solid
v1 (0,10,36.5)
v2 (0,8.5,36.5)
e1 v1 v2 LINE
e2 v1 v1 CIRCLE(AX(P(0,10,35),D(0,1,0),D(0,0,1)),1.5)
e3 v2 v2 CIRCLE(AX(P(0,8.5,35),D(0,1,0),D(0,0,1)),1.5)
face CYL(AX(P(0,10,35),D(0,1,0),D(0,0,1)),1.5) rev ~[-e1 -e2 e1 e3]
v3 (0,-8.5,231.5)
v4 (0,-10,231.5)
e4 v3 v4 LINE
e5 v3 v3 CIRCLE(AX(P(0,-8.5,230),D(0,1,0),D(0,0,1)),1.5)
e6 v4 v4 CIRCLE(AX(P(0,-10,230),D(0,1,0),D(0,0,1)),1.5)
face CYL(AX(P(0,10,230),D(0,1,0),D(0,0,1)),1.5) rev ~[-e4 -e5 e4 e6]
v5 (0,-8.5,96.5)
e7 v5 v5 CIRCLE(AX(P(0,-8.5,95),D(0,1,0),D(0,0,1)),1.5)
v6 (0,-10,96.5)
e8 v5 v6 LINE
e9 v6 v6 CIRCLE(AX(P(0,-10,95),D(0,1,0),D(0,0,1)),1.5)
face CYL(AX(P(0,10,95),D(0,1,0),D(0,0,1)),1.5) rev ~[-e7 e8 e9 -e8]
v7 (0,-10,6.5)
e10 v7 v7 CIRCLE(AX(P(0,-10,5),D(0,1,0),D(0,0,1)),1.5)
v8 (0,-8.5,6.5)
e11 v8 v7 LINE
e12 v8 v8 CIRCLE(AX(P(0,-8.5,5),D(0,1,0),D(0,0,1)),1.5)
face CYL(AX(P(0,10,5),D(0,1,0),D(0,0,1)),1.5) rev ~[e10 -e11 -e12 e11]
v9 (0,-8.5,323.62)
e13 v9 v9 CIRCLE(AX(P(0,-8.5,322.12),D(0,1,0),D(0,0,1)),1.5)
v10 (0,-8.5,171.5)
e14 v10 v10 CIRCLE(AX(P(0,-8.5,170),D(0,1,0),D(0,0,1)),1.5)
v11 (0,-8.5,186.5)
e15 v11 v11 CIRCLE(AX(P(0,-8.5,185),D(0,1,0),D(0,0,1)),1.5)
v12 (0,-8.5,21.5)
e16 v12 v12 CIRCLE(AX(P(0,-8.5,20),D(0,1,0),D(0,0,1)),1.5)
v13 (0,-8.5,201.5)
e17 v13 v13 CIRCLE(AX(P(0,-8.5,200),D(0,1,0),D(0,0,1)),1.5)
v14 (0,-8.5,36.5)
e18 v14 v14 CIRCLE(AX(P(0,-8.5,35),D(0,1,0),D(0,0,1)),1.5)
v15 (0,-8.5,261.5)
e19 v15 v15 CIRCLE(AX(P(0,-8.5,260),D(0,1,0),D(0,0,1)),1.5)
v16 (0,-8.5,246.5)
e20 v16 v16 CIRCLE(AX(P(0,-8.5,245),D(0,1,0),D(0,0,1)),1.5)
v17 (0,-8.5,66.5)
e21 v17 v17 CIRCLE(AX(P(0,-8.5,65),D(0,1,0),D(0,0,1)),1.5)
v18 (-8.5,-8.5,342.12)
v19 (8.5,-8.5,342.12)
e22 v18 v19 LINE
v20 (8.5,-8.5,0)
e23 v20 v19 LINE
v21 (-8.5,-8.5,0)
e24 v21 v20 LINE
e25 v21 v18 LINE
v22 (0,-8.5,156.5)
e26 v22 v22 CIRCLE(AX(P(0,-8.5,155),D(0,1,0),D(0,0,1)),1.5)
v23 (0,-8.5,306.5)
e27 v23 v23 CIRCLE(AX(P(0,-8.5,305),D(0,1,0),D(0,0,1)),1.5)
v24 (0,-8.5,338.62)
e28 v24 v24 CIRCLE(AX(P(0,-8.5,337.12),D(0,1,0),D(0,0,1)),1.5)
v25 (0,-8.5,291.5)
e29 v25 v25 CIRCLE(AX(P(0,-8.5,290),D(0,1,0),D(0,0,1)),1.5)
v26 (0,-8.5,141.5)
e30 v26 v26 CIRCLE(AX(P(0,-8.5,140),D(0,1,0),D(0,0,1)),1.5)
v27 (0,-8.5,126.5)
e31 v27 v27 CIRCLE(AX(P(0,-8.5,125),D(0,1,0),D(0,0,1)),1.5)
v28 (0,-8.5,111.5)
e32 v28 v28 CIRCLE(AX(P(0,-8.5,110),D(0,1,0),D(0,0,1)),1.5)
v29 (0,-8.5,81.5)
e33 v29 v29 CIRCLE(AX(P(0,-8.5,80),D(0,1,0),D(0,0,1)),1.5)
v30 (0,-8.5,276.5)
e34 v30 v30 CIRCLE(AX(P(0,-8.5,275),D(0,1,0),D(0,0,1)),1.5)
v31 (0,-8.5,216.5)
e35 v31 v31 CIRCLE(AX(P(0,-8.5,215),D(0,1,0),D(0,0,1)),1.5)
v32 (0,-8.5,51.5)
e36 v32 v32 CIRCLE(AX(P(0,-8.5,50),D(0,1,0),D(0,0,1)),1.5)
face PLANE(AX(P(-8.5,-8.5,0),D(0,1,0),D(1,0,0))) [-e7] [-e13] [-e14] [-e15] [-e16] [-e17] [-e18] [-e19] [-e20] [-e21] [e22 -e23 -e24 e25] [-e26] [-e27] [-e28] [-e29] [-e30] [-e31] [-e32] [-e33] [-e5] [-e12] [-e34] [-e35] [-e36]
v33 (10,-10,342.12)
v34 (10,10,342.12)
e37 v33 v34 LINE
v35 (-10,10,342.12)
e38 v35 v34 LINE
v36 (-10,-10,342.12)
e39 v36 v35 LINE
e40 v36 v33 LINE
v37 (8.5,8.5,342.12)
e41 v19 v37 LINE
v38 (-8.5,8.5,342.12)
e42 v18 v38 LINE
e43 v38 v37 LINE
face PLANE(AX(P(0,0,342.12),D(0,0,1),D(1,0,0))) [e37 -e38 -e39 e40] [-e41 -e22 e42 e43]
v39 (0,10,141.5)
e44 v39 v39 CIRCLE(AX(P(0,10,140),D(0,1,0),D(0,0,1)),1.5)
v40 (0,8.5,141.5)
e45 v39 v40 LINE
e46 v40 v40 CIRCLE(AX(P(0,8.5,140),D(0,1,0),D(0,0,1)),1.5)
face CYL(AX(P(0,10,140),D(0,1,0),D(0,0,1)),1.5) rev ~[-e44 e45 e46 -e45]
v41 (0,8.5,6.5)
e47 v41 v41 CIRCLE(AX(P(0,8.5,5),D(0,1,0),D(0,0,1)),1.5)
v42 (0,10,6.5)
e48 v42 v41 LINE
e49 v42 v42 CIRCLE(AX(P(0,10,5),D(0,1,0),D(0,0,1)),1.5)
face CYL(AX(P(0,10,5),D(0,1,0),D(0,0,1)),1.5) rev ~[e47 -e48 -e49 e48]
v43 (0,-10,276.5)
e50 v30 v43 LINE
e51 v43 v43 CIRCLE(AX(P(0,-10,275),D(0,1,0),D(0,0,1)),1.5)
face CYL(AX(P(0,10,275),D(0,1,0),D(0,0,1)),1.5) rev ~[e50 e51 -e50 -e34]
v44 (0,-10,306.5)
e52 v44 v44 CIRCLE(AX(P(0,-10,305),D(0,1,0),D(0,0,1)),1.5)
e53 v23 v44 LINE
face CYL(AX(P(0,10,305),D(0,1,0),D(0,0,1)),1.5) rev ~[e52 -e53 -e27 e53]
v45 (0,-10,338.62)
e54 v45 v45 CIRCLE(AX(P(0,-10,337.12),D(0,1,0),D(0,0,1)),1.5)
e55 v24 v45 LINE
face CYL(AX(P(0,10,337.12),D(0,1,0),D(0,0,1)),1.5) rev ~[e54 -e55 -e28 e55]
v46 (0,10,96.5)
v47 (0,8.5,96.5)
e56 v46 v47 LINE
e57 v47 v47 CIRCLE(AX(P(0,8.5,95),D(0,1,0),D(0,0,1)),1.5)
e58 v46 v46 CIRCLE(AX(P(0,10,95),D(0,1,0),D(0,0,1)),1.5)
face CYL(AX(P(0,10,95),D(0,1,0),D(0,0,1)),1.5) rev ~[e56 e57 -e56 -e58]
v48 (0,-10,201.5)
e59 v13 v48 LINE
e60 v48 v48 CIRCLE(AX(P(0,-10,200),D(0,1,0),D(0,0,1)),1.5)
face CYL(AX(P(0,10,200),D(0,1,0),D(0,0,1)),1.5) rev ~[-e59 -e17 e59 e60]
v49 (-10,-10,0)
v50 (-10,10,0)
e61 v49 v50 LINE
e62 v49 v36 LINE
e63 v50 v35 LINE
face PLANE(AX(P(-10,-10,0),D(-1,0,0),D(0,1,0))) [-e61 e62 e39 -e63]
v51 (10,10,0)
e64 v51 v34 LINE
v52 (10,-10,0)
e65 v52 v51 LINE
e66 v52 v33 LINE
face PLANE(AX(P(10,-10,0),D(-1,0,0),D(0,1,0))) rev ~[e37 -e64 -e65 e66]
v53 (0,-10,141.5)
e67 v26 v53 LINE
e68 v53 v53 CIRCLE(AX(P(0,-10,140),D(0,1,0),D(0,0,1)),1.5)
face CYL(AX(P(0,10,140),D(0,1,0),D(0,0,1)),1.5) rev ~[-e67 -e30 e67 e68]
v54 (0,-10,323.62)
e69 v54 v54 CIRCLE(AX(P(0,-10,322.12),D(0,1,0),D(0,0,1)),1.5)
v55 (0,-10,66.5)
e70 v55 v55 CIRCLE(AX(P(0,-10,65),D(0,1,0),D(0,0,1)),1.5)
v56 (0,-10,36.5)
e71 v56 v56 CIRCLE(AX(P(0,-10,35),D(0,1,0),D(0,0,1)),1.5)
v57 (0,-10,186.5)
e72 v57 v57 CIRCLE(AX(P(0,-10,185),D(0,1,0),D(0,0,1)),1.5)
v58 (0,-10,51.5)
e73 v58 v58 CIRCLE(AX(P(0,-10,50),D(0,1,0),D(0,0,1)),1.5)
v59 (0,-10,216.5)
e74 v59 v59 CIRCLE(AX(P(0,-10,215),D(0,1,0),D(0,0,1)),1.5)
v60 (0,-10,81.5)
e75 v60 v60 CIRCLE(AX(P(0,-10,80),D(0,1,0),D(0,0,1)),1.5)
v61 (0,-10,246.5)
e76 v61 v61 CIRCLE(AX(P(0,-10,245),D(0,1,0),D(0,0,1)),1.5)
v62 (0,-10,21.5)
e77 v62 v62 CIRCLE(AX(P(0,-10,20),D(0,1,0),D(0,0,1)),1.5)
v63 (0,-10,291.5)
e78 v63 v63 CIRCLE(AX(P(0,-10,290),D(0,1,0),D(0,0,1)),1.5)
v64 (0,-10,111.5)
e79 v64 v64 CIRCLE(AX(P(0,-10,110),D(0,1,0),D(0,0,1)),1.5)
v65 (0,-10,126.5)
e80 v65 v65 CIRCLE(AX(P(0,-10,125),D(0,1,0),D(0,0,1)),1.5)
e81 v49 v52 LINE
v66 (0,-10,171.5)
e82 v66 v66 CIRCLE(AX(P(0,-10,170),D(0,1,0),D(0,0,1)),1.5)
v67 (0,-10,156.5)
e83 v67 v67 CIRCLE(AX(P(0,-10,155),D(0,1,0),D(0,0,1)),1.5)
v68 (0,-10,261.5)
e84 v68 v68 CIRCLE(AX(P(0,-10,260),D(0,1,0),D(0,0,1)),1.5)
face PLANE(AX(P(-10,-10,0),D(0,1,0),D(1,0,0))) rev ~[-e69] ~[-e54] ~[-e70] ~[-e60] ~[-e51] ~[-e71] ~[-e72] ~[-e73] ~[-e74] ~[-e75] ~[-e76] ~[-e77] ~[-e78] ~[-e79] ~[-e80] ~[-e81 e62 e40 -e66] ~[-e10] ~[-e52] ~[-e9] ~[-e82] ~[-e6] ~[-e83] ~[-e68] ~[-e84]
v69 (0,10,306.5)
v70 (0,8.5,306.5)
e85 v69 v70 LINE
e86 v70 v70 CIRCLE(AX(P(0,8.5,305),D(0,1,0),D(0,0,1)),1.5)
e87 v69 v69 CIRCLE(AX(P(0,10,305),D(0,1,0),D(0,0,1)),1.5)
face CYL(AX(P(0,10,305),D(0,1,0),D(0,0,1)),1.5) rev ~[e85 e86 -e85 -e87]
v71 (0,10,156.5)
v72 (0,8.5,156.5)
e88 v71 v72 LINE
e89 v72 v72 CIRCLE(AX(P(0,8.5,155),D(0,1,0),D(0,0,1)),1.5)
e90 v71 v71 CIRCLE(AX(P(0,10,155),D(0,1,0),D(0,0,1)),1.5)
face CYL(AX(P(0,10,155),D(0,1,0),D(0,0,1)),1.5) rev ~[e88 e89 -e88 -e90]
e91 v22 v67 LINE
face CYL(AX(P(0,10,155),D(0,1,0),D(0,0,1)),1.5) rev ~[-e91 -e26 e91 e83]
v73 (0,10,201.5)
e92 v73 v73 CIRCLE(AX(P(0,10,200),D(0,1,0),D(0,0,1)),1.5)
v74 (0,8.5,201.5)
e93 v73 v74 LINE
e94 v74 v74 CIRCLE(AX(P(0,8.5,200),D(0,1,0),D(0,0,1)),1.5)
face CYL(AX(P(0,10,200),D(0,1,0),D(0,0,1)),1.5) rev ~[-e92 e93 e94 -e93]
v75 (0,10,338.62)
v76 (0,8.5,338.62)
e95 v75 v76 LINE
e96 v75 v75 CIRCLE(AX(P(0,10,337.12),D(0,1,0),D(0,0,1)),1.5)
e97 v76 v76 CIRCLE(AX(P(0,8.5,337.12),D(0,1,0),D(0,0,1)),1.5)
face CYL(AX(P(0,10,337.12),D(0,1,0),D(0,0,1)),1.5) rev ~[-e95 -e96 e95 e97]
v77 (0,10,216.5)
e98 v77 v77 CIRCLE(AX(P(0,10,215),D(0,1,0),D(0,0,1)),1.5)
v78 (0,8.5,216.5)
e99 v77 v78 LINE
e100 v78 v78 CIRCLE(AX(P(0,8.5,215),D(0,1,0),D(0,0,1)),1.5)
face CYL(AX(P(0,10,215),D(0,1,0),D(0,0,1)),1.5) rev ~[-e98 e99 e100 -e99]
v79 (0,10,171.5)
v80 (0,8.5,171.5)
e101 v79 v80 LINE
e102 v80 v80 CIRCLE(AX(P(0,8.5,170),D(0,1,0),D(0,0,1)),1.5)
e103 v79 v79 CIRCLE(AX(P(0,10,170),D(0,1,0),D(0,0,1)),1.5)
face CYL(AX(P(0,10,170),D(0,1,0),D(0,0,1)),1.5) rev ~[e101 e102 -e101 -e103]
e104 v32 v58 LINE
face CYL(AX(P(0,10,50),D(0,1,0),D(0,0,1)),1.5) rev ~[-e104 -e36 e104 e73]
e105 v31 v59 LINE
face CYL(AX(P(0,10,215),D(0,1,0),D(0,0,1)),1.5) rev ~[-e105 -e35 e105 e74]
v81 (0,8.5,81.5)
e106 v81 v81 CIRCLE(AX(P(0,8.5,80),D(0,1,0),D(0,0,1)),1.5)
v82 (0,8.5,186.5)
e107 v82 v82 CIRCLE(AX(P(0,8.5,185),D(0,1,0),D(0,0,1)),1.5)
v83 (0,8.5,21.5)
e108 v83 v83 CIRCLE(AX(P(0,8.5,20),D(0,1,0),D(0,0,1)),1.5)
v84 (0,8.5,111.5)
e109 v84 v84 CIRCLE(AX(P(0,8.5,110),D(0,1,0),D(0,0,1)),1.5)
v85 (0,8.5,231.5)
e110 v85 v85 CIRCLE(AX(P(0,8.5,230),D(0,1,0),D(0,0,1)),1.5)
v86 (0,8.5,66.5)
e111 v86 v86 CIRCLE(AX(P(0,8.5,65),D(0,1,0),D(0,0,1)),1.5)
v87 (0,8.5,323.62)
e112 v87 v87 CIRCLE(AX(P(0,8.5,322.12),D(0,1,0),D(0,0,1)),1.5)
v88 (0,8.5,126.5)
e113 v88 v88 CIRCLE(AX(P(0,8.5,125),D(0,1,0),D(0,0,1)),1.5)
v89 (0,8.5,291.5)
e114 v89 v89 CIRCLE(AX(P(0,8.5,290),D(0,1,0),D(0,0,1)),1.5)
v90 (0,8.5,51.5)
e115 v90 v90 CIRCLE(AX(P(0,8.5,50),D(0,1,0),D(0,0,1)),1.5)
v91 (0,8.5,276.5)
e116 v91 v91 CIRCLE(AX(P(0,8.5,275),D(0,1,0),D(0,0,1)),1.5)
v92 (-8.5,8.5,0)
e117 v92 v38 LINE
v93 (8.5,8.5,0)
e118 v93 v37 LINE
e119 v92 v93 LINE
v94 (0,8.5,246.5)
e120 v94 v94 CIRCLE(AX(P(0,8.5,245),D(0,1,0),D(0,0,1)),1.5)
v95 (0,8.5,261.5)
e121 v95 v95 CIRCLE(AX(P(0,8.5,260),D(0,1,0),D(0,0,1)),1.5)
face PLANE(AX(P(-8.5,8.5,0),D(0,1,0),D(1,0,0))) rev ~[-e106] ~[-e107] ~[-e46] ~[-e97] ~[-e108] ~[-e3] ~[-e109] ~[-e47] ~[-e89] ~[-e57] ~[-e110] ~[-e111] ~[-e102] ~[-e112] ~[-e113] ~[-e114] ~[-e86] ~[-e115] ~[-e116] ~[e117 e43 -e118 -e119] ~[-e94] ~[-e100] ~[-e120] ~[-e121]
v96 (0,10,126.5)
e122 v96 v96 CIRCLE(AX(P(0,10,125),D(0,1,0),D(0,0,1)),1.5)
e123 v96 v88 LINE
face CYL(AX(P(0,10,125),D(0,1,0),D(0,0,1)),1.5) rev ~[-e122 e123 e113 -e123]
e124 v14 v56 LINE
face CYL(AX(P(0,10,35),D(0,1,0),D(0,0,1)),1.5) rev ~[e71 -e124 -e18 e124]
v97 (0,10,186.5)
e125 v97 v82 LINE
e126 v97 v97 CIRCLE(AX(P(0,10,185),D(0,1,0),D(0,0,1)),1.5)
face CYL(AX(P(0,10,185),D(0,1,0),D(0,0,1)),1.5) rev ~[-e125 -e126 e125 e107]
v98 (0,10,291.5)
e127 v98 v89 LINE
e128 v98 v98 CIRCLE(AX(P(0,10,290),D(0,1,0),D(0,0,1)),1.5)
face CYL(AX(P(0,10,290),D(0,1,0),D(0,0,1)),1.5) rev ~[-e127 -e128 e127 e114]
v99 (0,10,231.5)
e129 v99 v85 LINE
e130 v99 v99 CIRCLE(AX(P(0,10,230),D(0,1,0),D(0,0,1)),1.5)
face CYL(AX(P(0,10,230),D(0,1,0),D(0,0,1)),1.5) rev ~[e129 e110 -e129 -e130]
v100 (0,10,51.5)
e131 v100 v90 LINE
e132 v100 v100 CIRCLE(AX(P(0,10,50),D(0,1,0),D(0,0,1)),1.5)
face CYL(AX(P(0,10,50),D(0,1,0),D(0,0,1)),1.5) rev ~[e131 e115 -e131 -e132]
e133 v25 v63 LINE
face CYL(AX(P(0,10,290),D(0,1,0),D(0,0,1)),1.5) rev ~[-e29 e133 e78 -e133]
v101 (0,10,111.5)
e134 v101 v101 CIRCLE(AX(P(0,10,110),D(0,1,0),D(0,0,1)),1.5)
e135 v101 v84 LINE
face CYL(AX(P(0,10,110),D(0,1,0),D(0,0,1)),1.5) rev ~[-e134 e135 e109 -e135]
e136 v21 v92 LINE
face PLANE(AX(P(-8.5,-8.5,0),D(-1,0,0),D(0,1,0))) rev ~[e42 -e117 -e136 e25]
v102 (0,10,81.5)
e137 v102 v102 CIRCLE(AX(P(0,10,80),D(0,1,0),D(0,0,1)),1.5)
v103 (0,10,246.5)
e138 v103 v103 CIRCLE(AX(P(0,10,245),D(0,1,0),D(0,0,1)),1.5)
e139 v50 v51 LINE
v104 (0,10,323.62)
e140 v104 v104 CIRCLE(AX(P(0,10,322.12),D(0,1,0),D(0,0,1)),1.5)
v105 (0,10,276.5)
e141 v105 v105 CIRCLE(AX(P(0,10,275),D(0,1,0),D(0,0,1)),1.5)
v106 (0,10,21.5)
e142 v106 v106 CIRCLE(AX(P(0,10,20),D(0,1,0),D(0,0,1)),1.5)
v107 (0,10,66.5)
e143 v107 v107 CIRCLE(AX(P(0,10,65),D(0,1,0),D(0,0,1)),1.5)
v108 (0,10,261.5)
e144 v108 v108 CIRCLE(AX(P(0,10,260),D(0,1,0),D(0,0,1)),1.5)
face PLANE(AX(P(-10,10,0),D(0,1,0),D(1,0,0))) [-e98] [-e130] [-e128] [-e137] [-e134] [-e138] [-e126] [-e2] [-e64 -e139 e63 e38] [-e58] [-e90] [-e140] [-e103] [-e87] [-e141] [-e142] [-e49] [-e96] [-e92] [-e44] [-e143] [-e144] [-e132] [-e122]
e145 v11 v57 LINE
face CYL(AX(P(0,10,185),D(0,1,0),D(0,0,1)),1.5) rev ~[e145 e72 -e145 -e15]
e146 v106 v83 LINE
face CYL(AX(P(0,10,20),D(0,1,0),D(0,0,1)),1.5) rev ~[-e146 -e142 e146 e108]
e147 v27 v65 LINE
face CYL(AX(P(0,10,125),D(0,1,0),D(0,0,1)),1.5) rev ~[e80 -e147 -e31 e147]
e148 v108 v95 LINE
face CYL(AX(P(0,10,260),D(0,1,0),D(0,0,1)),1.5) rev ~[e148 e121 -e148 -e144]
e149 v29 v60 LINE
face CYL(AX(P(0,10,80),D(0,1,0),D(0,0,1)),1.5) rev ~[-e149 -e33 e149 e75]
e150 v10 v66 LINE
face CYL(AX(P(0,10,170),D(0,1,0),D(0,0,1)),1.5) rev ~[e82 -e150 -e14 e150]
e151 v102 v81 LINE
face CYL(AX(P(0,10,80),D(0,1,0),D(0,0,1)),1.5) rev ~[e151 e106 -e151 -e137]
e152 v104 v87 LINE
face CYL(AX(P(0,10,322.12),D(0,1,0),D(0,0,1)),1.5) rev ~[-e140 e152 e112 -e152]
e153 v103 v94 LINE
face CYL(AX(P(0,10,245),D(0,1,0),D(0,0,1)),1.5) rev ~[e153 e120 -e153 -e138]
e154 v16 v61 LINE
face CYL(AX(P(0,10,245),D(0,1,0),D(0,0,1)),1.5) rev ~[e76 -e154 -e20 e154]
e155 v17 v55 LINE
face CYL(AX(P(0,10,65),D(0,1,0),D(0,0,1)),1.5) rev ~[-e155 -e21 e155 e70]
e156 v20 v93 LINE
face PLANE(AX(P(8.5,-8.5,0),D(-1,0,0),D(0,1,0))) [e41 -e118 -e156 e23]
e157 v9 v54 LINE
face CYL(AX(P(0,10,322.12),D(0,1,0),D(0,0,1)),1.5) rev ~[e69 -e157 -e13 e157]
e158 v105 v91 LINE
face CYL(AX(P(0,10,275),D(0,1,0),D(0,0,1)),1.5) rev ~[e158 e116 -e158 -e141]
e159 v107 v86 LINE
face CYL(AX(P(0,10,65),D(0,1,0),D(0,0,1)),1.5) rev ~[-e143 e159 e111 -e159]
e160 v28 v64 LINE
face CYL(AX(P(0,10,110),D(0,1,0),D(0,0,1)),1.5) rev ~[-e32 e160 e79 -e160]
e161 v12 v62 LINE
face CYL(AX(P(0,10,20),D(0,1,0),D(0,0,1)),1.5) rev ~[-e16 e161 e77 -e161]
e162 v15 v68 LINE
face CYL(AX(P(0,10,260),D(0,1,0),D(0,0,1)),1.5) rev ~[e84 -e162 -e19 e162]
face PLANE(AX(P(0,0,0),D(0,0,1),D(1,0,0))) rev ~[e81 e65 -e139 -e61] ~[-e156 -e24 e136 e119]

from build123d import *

# Parameters (mm, degrees)
SKETCH_1_W          = 20
SKETCH_1_H          = 20
SKETCH_1_W_2        = 17
SKETCH_1_H_2        = 17
EXTRUDE_1_DEPTH     = 342.12
SKETCH_2_R          = 1.5
CUT_EXTRUDE_1_DEPTH = 343.84995902
SKETCH_3_R          = 1.5
CUT_EXTRUDE_2_DEPTH = 343.84995902


with BuildPart() as part:
    # 草图1 → 凸台-拉伸1 (new body)
    with BuildSketch(Plane.XY):
        Rectangle(SKETCH_1_W, SKETCH_1_H)
        Rectangle(SKETCH_1_W_2, SKETCH_1_H_2, mode=Mode.SUBTRACT)
    extrude(amount=EXTRUDE_1_DEPTH)

    # 草图2 → 切除-拉伸1 (cut, through all)
    with BuildSketch(Plane(origin=(0, 10, 0), x_dir=(1, 0, 0), z_dir=(0, 1, 0))):
        with Locations(Location((0, -5, 0), (0, 0, 270))):
            Circle(SKETCH_2_R)
        with Locations(Location((0, -20, 0), (0, 0, 270))):
            Circle(SKETCH_2_R)
        with Locations(Location((0, -337.12, 0), (0, 0, 270))):
            Circle(SKETCH_2_R)
        with Locations(Location((0, -322.12, 0), (0, 0, 270))):
            Circle(SKETCH_2_R)
    extrude(amount=-CUT_EXTRUDE_1_DEPTH, mode=Mode.SUBTRACT)

    # 草图3 → 切除-拉伸2 (cut, through all)
    with BuildSketch(Plane(origin=(0, 10, 0), x_dir=(1, 0, 0), z_dir=(0, 1, 0))):
        with Locations(Location((0, -35, 0), (0, 0, 270))):
            Circle(SKETCH_3_R)
        with Locations(Location((0, -50, 0), (0, 0, 270))):
            Circle(SKETCH_3_R)
        with Locations(Location((0, -65, 0), (0, 0, 270))):
            Circle(SKETCH_3_R)
        with Locations(Location((0, -80, 0), (0, 0, 270))):
            Circle(SKETCH_3_R)
        with Locations(Location((0, -95, 0), (0, 0, 270))):
            Circle(SKETCH_3_R)
        with Locations(Location((0, -110, 0), (0, 0, 270))):
            Circle(SKETCH_3_R)
        with Locations(Location((0, -125, 0), (0, 0, 270))):
            Circle(SKETCH_3_R)
        with Locations(Location((0, -140, 0), (0, 0, 270))):
            Circle(SKETCH_3_R)
        with Locations(Location((0, -155, 0), (0, 0, 270))):
            Circle(SKETCH_3_R)
        with Locations(Location((0, -170, 0), (0, 0, 270))):
            Circle(SKETCH_3_R)
        with Locations(Location((0, -185, 0), (0, 0, 270))):
            Circle(SKETCH_3_R)
        with Locations(Location((0, -200, 0), (0, 0, 270))):
            Circle(SKETCH_3_R)
        with Locations(Location((0, -215, 0), (0, 0, 270))):
            Circle(SKETCH_3_R)
        with Locations(Location((0, -230, 0), (0, 0, 270))):
            Circle(SKETCH_3_R)
        with Locations(Location((0, -245, 0), (0, 0, 270))):
            Circle(SKETCH_3_R)
        with Locations(Location((0, -260, 0), (0, 0, 270))):
            Circle(SKETCH_3_R)
        with Locations(Location((0, -275, 0), (0, 0, 270))):
            Circle(SKETCH_3_R)
        with Locations(Location((0, -290, 0), (0, 0, 270))):
            Circle(SKETCH_3_R)
        with Locations(Location((0, -305, 0), (0, 0, 270))):
            Circle(SKETCH_3_R)
    extrude(amount=-CUT_EXTRUDE_2_DEPTH, mode=Mode.SUBTRACT)


solid = part.part
